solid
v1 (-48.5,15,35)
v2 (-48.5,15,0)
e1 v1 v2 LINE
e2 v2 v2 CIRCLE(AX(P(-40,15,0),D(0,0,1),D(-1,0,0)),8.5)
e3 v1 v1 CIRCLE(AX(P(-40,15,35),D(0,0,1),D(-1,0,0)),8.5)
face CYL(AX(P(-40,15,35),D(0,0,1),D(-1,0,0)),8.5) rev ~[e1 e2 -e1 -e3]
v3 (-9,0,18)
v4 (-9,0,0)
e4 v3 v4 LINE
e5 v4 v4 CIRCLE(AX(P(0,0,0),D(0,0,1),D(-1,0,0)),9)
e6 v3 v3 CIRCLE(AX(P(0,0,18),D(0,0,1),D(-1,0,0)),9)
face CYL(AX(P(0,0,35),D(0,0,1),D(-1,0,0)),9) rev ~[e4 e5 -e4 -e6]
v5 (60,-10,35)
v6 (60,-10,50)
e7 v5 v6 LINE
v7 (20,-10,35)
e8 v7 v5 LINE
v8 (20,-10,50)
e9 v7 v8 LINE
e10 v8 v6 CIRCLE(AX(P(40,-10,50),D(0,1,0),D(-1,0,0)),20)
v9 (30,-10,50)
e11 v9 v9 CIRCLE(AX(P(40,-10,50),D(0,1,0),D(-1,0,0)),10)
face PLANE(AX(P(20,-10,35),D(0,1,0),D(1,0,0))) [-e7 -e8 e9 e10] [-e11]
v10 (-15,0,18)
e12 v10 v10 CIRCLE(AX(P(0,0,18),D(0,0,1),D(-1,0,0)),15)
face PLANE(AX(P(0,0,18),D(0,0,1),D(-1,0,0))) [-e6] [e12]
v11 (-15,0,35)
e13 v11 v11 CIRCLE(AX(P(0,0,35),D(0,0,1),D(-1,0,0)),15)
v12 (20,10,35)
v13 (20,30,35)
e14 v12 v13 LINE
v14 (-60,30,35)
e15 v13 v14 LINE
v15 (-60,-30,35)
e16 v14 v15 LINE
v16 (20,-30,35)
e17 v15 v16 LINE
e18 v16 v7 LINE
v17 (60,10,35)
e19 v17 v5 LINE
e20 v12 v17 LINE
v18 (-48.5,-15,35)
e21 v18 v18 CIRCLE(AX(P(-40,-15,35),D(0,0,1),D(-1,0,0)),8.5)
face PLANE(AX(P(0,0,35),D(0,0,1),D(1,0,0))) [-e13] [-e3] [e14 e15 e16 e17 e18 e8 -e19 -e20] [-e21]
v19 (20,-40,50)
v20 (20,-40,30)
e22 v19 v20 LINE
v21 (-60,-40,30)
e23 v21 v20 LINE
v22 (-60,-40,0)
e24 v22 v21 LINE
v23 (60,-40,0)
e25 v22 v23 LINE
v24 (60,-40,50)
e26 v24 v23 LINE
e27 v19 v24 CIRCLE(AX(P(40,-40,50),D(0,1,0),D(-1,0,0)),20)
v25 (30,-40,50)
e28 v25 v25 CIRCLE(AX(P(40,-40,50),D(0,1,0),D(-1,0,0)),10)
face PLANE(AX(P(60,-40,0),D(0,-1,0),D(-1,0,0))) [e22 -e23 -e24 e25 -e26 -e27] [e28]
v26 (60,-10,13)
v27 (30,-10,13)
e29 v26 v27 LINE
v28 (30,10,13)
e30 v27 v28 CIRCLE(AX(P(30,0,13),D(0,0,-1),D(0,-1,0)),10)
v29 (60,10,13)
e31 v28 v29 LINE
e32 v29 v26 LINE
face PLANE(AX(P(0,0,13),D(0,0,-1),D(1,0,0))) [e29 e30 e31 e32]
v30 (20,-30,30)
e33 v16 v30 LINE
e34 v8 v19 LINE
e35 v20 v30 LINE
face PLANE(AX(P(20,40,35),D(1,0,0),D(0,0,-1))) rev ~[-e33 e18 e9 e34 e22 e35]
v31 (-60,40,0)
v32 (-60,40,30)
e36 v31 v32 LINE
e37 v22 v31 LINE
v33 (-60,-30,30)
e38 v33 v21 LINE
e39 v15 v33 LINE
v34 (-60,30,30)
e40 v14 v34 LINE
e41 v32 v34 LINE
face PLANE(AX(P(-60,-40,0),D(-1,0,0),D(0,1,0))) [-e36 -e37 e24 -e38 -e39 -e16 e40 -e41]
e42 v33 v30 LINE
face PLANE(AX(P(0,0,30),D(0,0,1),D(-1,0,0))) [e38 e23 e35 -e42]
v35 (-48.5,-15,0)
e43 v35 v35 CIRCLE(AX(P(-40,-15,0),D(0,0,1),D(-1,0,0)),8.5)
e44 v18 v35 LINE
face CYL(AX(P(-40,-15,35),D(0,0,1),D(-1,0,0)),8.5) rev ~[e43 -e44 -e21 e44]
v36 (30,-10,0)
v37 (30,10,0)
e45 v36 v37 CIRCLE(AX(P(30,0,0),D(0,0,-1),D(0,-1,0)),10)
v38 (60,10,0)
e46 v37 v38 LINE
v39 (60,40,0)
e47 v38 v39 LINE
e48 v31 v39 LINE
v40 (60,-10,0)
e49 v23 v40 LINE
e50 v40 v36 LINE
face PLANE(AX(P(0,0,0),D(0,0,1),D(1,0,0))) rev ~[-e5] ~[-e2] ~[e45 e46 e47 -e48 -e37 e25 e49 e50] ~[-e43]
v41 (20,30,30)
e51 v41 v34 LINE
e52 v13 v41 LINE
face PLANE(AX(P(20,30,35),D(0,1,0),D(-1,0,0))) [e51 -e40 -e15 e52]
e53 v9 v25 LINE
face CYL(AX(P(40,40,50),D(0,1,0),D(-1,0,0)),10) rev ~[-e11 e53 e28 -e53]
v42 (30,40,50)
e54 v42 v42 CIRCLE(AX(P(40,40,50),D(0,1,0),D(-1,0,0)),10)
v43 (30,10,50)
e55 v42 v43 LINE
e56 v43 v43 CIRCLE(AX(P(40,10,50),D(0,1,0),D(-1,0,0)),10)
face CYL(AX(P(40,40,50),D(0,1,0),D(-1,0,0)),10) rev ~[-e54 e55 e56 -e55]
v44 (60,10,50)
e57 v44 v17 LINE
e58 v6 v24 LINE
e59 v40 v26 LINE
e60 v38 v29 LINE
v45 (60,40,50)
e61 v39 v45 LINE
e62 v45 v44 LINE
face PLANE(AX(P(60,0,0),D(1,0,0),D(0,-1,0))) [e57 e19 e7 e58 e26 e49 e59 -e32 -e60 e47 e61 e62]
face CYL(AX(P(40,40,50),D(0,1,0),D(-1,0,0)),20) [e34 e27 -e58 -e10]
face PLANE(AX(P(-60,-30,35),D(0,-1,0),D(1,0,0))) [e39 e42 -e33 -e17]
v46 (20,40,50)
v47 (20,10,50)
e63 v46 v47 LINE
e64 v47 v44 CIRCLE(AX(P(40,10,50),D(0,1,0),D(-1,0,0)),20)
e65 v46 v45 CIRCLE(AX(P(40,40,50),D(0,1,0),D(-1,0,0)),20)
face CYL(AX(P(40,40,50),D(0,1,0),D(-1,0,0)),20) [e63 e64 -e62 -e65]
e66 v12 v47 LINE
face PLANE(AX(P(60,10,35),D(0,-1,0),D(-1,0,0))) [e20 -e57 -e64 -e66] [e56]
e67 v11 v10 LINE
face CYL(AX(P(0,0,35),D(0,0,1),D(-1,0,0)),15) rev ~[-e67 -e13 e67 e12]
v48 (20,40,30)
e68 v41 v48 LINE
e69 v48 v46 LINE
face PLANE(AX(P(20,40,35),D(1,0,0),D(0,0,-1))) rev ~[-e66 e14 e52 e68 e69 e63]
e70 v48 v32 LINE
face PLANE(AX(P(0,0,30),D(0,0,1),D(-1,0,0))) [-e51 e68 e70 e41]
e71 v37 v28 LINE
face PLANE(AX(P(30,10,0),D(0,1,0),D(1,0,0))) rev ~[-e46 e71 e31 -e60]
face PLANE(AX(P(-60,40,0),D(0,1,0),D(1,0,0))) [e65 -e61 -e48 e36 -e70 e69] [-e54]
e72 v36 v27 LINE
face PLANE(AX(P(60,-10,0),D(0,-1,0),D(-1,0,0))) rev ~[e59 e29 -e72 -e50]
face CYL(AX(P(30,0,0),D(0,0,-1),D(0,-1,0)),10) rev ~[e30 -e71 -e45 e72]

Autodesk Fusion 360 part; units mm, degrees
sketch "Sketch1" plane through (0, 0, 0) normal (0, 0, 1) x (1, 0, 0)
  line L0 (0, 0) -> (-60, 0)
  line L1 (-60, 0) -> (60, 0)
  line L2 (-60, 0) -> (-60, 40)
  line L3 (60, 0) -> (60, -40)
  line L4 (-60, 40) -> (60, 40)
  line L5 (60, 40) -> (60, -40)
  line L6 (60, -40) -> (-60, -40)
  line L7 (-60, -40) -> (-60, 40)
  dimension "d1" = 60
  dimension "d2" = 120
  dimension "d3" = 40
  dimension "d4" = 40
extrude "Extrude1" add sketch "Sketch1" along normal blind 35
sketch "Sketch2" plane through (0, 0, 35) normal (0, 0, 1) x (-1, 0, 0)
  line L0 (60, 40) -> (-60, 40)
  line L1 (-60, 40) -> (-60, -40)
  line L2 (-60, -40) -> (60, -40)
  line L3 (60, -40) -> (60, 40)
  line L4 (-60, -40) -> (40, -40)
  line L5 (60, 0) -> (60, -15)
  line L6 (60, 0) -> (60, 15)
  circle A0 centre (40, -15) radius 8.5
  circle A1 centre (40, 15) radius 8.5
  dimension "d10" = 17
  dimension "d11" = 17
extrude "Extrude2" cut sketch "Sketch2" against normal blind 70 contours A0 | A1
sketch "Sketch3" plane through (0, 0, 35) normal (0, 0, 1) x (-1, 0, 0)
  circle A0 centre (40, -15) radius 8.5
  circle A1 centre (40, 15) radius 8.5
  line L0 (60, 40) -> (-60, 40)
  line L1 (-60, 40) -> (-60, -40)
  line L2 (-60, -40) -> (60, -40)
  line L3 (60, -40) -> (60, 40)
  line L4 (-60, 40) -> (0, 40)
  circle A2 centre (0, 0) radius 9
  dimension "d14" = 60
  dimension "d15" = 18
extrude "Extrude3" cut sketch "Sketch3" against normal blind 55 contours A2
sketch "Sketch4" plane through (0, 0, 35) normal (0, 0, 1) x (-1, 0, 0)
  circle A0 centre (0, 0) radius 9
  circle A1 centre (40, -15) radius 8.5
  circle A2 centre (40, 15) radius 8.5
  line L0 (60, 40) -> (-60, 40)
  line L1 (-60, 40) -> (-60, -40)
  line L2 (-60, -40) -> (60, -40)
  line L3 (60, -40) -> (60, 40)
  circle A3 centre (0, 0) radius 15
  dimension "d18" = 30
extrude "Extrude4" cut sketch "Sketch4" against normal blind 17 contours A3
sketch "Sketch5" plane through (0, 40, 0) normal (0, 1, 0) x (-1, 0, 0)
  line L0 (-60, 0) -> (60, 0)
  line L1 (60, 0) -> (60, 35)
  line L2 (60, 35) -> (-60, 35)
  line L3 (-60, 35) -> (-60, 0)
  line L4 (-60, 0) -> (-40, 0)
  line L5 (-60, 0) -> (-60, 50)
  line L6 (-20, 50) -> (-20, 0)
  arc A0 (-20, 50) -> (-60, 50) centre (-40, 50) ccw
  dimension "d21" = 20
  dimension "d22" = 50
  dimension "d23" = 40
extrude "Extrude5" add sketch "Sketch5" against normal blind 80 contours L0 L2 L3 L4 L5 L6 | L2 L5 L6 A0
sketch "Sketch6" plane through (0, 40, 0) normal (0, 1, 0) x (-1, 0, 0)
  line L0 (-60, 0) -> (60, 0)
  line L1 (60, 0) -> (60, 35)
  line L2 (60, 35) -> (-20, 35)
  line L3 (-20, 35) -> (-20, 50)
  arc A0 (-20, 50) -> (-60, 50) centre (-40, 50) ccw
  line L4 (-60, 50) -> (-60, 0)
  circle A1 centre (-40, 50) radius 10
  dimension "d26" = 20
extrude "Extrude6" cut sketch "Sketch6" against normal blind 95 contours A1
sketch "Sketch7" plane through (0, 0, 35) normal (0, 0, 1) x (-1, 0, 0)
  line L0 (-20, 40) -> (-20, -40)
  line L1 (-20, -40) -> (60, -40)
  line L2 (60, -40) -> (60, 40)
  line L3 (60, 40) -> (-20, 40)
  circle A0 centre (0, 0) radius 15
  circle A1 centre (40, -15) radius 8.5
  circle A2 centre (40, 15) radius 8.5
  line L4 (60, 40) -> (60, 30) construction
  line L5 (60, -40) -> (60, -30) construction
  line L6 (60, -40) -> (-20, -40)
  line L7 (-20, -40) -> (-20, -30)
  line L8 (-20, -30) -> (60, -30)
  line L9 (60, -30) -> (60, -40)
  line L10 (60, 30) -> (-20, 30)
  line L11 (-20, 30) -> (-20, 40)
  line L12 (-20, 40) -> (60, 40)
  line L13 (60, 40) -> (60, 30)
extrude "Extrude7" cut sketch "Sketch7" against normal blind 5 contours L0 L2 L3 L10 L11 L12 L13 | L0 L1 L2 L6 L7 L8 L9
ref_plane "WorkPlane1" through (0, 0, 35) normal (0, 0, 1) x (1, 0, 0)
sketch "Sketch8" plane through (0, 0, 35) normal (0, 0, 1) x (1, 0, 0)
  line L0 (60, -40) -> (-60, -40)
  line L1 (-60, -40) -> (-60, 40)
  line L2 (-60, 40) -> (60, 40)
  line L3 (60, 40) -> (60, -40)
  circle A0 centre (-40, -15) radius 8.5
  circle A1 centre (-40, 15) radius 8.5
  circle A2 centre (0, 0) radius 9
  line L4 (60, 0) -> (30, 0) construction
  line L5 (30, 0) -> (20, 0) construction
  line L6 (20, 0) -> (20, 10) construction
  line L7 (20, 10) -> (20, -10)
  line L8 (20, -10) -> (67.6256, -10)
  line L9 (67.6256, -10) -> (67.6256, 10)
  line L10 (67.6256, 10) -> (20, 10)
  dimension "d33" = 30
  dimension "d34" = 10
  dimension "d35" = 20
extrude "Extrude8" cut sketch "Sketch8" along normal blind 90 contours L3 L7 L8 L10 | L3 L8 L9 L10
sketch "Sketch9" plane through (0, 0, 0) normal (0, 0, -1) x (1, 0, 0)
  line L0 (60, 40) -> (-60, 40)
  line L1 (-60, 40) -> (-60, -40)
  line L2 (-60, -40) -> (60, -40)
  line L3 (60, -40) -> (60, 40)
  circle A0 centre (-40, 15) radius 8.5
  circle A1 centre (-40, -15) radius 8.5
  circle A2 centre (0, 0) radius 9
  line L4 (60, 0) -> (20, 0) construction
  line L5 (60, 0) -> (30, 0) construction
  line L6 (30, -10) -> (73.1497, -10)
  arc A3 (73.1497, -10) -> (73.1497, 10) centre (73.1497, 0) ccw
  line L7 (73.1497, 10) -> (30, 10)
  arc A4 (30, 10) -> (30, -10) centre (30, 0) ccw
  line L8 (20, 0) -> (83.1497, 0) construction
  dimension "d38" = 40
  dimension "d39" = 30
  dimension "d40" = 20
extrude "Extrude9" cut sketch "Sketch9" against normal blind 13 contours L3 L6 L7 A4
